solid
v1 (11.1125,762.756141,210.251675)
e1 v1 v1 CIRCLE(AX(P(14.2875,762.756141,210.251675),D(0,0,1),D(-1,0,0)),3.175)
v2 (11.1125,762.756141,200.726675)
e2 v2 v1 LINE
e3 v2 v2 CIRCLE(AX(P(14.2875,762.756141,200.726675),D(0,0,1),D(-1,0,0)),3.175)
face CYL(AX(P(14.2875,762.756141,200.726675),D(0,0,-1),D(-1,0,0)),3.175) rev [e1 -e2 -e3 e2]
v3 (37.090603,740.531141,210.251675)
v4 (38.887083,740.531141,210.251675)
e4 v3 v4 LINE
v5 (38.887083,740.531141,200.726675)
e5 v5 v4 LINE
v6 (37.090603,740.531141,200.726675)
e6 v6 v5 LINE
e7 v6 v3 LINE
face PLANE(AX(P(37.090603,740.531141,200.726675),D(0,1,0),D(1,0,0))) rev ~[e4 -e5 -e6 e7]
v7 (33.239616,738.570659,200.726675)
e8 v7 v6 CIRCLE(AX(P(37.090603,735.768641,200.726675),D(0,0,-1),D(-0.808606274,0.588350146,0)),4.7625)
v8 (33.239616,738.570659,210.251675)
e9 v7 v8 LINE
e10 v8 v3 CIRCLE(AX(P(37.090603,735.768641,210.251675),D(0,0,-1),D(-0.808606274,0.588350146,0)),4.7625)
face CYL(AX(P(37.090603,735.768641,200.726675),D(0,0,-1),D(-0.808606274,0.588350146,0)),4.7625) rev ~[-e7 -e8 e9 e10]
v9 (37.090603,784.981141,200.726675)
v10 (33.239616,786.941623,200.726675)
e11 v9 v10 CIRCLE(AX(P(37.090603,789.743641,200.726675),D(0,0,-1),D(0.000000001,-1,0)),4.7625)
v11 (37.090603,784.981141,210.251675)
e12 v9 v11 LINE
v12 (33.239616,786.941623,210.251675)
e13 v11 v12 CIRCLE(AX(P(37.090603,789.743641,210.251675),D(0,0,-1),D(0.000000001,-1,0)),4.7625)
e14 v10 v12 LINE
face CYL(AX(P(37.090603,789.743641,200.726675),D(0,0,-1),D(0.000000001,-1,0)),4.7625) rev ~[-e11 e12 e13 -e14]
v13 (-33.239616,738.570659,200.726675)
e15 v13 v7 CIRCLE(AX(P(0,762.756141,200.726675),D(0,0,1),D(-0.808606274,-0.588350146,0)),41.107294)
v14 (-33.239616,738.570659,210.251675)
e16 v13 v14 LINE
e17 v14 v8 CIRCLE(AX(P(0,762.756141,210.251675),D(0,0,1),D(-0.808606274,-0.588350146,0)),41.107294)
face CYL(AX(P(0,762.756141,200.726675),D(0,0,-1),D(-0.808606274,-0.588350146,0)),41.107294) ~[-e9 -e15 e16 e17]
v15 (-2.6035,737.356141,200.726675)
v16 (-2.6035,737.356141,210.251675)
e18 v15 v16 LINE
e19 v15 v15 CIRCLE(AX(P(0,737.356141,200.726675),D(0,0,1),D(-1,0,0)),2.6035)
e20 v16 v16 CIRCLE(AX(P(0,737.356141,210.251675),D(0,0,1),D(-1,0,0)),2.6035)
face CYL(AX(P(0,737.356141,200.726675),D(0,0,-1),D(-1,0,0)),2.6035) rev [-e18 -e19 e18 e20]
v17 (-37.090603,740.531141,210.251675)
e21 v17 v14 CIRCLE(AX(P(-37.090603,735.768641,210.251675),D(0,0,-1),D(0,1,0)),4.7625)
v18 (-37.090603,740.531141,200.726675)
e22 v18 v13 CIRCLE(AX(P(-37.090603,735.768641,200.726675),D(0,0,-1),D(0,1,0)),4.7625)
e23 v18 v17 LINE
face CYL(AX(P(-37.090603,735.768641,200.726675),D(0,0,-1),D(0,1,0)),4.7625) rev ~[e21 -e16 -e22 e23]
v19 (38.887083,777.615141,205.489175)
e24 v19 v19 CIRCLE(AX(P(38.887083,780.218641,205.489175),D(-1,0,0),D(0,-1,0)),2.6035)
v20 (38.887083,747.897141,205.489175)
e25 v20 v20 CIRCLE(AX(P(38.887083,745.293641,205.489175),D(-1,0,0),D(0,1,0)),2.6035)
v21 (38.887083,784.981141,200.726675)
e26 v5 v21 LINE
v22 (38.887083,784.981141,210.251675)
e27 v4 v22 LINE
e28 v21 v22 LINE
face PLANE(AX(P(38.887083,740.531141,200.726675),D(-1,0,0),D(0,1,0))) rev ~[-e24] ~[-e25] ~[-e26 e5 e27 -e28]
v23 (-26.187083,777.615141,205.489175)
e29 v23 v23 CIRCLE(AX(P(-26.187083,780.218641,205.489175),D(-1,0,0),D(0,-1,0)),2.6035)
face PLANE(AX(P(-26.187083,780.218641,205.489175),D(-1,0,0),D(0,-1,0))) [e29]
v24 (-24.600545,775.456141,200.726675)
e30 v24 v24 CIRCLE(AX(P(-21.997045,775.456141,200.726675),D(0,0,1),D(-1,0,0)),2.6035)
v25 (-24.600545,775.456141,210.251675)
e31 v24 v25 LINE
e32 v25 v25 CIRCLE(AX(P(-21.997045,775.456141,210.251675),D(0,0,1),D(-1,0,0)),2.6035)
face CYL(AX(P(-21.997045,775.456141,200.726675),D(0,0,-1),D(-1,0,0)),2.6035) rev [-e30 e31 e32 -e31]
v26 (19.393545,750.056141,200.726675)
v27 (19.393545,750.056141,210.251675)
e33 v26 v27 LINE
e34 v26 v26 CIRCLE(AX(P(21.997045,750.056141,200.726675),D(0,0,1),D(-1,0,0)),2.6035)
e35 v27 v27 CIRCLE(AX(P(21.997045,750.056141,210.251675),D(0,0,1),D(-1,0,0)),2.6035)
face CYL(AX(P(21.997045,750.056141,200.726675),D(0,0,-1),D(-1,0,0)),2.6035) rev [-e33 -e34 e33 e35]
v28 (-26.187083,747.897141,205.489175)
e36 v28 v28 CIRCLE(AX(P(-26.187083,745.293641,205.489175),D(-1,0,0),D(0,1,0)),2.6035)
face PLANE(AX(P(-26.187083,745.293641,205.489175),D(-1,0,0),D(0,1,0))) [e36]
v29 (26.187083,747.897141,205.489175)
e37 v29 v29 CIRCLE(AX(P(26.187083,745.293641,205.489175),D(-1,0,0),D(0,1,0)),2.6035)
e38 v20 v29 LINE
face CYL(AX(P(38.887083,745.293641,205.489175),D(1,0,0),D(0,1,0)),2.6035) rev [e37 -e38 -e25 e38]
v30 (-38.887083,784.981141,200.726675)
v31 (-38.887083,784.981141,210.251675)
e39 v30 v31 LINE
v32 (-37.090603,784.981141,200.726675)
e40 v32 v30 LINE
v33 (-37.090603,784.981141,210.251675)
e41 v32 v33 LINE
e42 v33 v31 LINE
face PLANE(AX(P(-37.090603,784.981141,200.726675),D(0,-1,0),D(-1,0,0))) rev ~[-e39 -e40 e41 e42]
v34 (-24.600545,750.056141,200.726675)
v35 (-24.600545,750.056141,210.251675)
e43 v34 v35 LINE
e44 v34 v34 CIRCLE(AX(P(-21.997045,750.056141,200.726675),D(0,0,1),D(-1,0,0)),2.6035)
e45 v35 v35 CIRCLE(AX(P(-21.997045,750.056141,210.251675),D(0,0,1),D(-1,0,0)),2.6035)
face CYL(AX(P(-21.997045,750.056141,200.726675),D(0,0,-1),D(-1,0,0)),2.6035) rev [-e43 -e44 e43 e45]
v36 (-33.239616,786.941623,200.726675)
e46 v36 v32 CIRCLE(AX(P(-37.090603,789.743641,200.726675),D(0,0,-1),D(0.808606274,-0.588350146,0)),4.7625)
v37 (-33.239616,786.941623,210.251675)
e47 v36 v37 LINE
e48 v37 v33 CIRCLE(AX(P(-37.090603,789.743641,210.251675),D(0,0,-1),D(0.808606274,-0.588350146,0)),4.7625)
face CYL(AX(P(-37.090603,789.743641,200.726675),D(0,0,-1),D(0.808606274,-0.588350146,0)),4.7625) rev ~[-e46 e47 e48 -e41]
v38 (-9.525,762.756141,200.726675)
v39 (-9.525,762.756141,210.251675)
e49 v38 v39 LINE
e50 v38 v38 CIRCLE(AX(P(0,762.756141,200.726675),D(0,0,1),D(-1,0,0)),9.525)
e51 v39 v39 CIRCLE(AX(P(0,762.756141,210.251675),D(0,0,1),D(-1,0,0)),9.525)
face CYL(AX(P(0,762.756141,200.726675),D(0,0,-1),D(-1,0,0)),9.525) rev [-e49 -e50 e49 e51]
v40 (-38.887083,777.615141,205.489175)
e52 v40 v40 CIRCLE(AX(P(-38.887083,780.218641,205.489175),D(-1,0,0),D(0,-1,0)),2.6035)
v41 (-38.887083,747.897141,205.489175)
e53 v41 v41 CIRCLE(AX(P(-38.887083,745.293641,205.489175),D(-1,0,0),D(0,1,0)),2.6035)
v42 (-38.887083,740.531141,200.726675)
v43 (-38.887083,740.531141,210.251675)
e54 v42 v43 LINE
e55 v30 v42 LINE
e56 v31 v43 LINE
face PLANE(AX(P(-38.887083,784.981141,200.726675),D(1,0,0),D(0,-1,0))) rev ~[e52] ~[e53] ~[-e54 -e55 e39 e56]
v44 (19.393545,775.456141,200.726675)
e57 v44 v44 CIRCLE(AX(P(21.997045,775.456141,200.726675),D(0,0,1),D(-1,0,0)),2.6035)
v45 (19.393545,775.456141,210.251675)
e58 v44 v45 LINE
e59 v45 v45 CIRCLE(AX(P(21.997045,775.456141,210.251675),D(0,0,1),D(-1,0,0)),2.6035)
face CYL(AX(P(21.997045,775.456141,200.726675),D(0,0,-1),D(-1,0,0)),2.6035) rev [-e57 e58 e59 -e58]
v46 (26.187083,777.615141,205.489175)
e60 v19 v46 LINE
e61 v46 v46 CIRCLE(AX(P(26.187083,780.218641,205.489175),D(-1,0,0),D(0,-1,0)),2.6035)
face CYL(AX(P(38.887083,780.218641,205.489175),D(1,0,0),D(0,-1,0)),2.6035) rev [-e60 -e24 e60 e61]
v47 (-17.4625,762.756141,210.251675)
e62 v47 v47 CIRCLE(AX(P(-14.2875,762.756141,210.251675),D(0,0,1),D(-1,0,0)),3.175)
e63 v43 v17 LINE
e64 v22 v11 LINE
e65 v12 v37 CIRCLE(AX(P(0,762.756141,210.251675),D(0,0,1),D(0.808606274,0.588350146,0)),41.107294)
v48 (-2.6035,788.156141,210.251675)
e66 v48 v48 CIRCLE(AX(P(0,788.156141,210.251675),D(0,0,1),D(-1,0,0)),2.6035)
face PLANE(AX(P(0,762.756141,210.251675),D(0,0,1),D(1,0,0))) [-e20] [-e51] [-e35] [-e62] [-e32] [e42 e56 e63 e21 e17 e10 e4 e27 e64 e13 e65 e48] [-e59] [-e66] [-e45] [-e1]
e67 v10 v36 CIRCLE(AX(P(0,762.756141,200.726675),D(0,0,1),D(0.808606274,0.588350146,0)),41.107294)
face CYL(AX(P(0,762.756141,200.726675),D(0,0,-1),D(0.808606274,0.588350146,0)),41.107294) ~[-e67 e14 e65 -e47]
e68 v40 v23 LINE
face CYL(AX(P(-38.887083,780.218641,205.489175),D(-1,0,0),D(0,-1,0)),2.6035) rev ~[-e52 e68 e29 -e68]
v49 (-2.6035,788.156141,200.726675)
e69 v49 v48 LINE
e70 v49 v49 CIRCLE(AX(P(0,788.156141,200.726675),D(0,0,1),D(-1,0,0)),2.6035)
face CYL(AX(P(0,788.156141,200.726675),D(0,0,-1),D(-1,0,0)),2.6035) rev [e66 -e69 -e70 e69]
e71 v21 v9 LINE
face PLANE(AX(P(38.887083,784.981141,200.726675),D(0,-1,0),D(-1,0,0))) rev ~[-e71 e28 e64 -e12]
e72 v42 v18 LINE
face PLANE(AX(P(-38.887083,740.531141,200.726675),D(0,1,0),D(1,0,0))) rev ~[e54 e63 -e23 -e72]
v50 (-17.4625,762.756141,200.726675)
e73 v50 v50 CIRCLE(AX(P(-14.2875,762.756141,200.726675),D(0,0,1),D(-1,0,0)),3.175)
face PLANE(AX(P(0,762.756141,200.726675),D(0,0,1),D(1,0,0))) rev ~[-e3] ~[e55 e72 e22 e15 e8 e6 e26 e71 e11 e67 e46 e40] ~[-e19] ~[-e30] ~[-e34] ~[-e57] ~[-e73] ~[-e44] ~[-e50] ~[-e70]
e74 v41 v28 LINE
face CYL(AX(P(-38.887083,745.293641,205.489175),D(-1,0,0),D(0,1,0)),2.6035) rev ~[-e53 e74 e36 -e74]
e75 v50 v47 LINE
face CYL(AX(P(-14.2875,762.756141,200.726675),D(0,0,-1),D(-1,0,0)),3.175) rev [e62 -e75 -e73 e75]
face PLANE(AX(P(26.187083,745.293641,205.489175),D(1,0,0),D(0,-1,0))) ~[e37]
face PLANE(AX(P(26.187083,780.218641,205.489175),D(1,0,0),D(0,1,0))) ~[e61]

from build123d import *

# Parameters (mm, degrees)
SKETCH1_R           = 3.175
SKETCH1_R_2         = 9.525
SKETCH1_R_3         = 2.6035
BOSS_EXTRUDE1_DEPTH = 9.525
SKETCH2_R           = 2.6035
CUT_EXTRUDE1_DEPTH  = 12.7


with BuildPart() as part:
    # Sketch1 → Boss-Extrude1 (new body)
    with BuildSketch(Plane.XY.offset(200.726675)):
        with BuildLine():
            Line((-37.090603219, 784.981140976), (-38.887083386, 784.981140976))
            Line((-38.887083386, 784.981140976), (-38.887083386, 740.531140976))
            Line((-38.887083386, 740.531140976), (-37.090603219, 740.531140976))
            ThreePointArc((-37.090603219, 740.531140976), (-34.929955448, 740.01281433), (-33.23961584, 738.570658545))
            ThreePointArc((-33.23961584, 738.570658545), (0, 721.648846957), (33.23961584, 738.570658545))
            ThreePointArc((33.23961584, 738.570658545), (34.929955448, 740.01281433), (37.090603219, 740.531140976))
            Line((37.090603219, 740.531140976), (38.887083386, 740.531140976))
            Line((38.887083386, 740.531140976), (38.887083386, 784.981140976))
            Line((38.887083386, 784.981140976), (37.090603219, 784.981140976))
            ThreePointArc((37.090603219, 784.981140976), (34.929955448, 785.499467621), (33.23961584, 786.941623406))
            ThreePointArc((33.23961584, 786.941623406), (0, 803.863434995), (-33.23961584, 786.941623406))
            ThreePointArc((-33.23961584, 786.941623406), (-34.929955448, 785.499467621), (-37.090603219, 784.981140976))
        make_face()
        with Locations(Location((14.2875, 762.756140976, 0), (0, 0, 180))):
            Circle(SKETCH1_R, mode=Mode.SUBTRACT)
        with Locations(Location((-14.2875, 762.756140976, 0), (0, 0, 180))):
            Circle(SKETCH1_R, mode=Mode.SUBTRACT)
        with Locations(Location((0, 762.756140976, 0), (0, 0, 180))):
            Circle(SKETCH1_R_2, mode=Mode.SUBTRACT)
        with Locations(Location((0, 788.156140976, 0), (0, 0, 180))):
            Circle(SKETCH1_R_3, mode=Mode.SUBTRACT)
        with Locations(Location((-21.997045256, 775.456140976, 0), (0, 0, 180))):
            Circle(SKETCH1_R_3, mode=Mode.SUBTRACT)
        with Locations(Location((-21.997045256, 750.056140976, 0), (0, 0, 180))):
            Circle(SKETCH1_R_3, mode=Mode.SUBTRACT)
        with Locations(Location((0, 737.356140976, 0), (0, 0, 180))):
            Circle(SKETCH1_R_3, mode=Mode.SUBTRACT)
        with Locations(Location((21.997045256, 750.056140976, 0), (0, 0, 180))):
            Circle(SKETCH1_R_3, mode=Mode.SUBTRACT)
        with Locations(Location((21.997045256, 775.456140976, 0), (0, 0, 180))):
            Circle(SKETCH1_R_3, mode=Mode.SUBTRACT)
    extrude(amount=BOSS_EXTRUDE1_DEPTH)

    # Sketch2 → Cut-Extrude1 (cut)
    with BuildSketch(Plane.ZY.offset(38.887083386)):
        with Locations(Location((205.489175, 780.218640976, 0), (0, 0, 270))):
            Circle(SKETCH2_R)
        with Locations(Location((205.489175, 745.293640976, 0), (0, 0, 90))):
            Circle(SKETCH2_R)
    cut_extrude1 = extrude(amount=-CUT_EXTRUDE1_DEPTH, mode=Mode.SUBTRACT)

    # Mirror1: Cut-Extrude1 across plane
    add(cut_extrude1.mirror(Plane(origin=(0, 0, 0), x_dir=(0, 0, 1), z_dir=(1, 0, 0))), mode=Mode.SUBTRACT)


solid = part.part
